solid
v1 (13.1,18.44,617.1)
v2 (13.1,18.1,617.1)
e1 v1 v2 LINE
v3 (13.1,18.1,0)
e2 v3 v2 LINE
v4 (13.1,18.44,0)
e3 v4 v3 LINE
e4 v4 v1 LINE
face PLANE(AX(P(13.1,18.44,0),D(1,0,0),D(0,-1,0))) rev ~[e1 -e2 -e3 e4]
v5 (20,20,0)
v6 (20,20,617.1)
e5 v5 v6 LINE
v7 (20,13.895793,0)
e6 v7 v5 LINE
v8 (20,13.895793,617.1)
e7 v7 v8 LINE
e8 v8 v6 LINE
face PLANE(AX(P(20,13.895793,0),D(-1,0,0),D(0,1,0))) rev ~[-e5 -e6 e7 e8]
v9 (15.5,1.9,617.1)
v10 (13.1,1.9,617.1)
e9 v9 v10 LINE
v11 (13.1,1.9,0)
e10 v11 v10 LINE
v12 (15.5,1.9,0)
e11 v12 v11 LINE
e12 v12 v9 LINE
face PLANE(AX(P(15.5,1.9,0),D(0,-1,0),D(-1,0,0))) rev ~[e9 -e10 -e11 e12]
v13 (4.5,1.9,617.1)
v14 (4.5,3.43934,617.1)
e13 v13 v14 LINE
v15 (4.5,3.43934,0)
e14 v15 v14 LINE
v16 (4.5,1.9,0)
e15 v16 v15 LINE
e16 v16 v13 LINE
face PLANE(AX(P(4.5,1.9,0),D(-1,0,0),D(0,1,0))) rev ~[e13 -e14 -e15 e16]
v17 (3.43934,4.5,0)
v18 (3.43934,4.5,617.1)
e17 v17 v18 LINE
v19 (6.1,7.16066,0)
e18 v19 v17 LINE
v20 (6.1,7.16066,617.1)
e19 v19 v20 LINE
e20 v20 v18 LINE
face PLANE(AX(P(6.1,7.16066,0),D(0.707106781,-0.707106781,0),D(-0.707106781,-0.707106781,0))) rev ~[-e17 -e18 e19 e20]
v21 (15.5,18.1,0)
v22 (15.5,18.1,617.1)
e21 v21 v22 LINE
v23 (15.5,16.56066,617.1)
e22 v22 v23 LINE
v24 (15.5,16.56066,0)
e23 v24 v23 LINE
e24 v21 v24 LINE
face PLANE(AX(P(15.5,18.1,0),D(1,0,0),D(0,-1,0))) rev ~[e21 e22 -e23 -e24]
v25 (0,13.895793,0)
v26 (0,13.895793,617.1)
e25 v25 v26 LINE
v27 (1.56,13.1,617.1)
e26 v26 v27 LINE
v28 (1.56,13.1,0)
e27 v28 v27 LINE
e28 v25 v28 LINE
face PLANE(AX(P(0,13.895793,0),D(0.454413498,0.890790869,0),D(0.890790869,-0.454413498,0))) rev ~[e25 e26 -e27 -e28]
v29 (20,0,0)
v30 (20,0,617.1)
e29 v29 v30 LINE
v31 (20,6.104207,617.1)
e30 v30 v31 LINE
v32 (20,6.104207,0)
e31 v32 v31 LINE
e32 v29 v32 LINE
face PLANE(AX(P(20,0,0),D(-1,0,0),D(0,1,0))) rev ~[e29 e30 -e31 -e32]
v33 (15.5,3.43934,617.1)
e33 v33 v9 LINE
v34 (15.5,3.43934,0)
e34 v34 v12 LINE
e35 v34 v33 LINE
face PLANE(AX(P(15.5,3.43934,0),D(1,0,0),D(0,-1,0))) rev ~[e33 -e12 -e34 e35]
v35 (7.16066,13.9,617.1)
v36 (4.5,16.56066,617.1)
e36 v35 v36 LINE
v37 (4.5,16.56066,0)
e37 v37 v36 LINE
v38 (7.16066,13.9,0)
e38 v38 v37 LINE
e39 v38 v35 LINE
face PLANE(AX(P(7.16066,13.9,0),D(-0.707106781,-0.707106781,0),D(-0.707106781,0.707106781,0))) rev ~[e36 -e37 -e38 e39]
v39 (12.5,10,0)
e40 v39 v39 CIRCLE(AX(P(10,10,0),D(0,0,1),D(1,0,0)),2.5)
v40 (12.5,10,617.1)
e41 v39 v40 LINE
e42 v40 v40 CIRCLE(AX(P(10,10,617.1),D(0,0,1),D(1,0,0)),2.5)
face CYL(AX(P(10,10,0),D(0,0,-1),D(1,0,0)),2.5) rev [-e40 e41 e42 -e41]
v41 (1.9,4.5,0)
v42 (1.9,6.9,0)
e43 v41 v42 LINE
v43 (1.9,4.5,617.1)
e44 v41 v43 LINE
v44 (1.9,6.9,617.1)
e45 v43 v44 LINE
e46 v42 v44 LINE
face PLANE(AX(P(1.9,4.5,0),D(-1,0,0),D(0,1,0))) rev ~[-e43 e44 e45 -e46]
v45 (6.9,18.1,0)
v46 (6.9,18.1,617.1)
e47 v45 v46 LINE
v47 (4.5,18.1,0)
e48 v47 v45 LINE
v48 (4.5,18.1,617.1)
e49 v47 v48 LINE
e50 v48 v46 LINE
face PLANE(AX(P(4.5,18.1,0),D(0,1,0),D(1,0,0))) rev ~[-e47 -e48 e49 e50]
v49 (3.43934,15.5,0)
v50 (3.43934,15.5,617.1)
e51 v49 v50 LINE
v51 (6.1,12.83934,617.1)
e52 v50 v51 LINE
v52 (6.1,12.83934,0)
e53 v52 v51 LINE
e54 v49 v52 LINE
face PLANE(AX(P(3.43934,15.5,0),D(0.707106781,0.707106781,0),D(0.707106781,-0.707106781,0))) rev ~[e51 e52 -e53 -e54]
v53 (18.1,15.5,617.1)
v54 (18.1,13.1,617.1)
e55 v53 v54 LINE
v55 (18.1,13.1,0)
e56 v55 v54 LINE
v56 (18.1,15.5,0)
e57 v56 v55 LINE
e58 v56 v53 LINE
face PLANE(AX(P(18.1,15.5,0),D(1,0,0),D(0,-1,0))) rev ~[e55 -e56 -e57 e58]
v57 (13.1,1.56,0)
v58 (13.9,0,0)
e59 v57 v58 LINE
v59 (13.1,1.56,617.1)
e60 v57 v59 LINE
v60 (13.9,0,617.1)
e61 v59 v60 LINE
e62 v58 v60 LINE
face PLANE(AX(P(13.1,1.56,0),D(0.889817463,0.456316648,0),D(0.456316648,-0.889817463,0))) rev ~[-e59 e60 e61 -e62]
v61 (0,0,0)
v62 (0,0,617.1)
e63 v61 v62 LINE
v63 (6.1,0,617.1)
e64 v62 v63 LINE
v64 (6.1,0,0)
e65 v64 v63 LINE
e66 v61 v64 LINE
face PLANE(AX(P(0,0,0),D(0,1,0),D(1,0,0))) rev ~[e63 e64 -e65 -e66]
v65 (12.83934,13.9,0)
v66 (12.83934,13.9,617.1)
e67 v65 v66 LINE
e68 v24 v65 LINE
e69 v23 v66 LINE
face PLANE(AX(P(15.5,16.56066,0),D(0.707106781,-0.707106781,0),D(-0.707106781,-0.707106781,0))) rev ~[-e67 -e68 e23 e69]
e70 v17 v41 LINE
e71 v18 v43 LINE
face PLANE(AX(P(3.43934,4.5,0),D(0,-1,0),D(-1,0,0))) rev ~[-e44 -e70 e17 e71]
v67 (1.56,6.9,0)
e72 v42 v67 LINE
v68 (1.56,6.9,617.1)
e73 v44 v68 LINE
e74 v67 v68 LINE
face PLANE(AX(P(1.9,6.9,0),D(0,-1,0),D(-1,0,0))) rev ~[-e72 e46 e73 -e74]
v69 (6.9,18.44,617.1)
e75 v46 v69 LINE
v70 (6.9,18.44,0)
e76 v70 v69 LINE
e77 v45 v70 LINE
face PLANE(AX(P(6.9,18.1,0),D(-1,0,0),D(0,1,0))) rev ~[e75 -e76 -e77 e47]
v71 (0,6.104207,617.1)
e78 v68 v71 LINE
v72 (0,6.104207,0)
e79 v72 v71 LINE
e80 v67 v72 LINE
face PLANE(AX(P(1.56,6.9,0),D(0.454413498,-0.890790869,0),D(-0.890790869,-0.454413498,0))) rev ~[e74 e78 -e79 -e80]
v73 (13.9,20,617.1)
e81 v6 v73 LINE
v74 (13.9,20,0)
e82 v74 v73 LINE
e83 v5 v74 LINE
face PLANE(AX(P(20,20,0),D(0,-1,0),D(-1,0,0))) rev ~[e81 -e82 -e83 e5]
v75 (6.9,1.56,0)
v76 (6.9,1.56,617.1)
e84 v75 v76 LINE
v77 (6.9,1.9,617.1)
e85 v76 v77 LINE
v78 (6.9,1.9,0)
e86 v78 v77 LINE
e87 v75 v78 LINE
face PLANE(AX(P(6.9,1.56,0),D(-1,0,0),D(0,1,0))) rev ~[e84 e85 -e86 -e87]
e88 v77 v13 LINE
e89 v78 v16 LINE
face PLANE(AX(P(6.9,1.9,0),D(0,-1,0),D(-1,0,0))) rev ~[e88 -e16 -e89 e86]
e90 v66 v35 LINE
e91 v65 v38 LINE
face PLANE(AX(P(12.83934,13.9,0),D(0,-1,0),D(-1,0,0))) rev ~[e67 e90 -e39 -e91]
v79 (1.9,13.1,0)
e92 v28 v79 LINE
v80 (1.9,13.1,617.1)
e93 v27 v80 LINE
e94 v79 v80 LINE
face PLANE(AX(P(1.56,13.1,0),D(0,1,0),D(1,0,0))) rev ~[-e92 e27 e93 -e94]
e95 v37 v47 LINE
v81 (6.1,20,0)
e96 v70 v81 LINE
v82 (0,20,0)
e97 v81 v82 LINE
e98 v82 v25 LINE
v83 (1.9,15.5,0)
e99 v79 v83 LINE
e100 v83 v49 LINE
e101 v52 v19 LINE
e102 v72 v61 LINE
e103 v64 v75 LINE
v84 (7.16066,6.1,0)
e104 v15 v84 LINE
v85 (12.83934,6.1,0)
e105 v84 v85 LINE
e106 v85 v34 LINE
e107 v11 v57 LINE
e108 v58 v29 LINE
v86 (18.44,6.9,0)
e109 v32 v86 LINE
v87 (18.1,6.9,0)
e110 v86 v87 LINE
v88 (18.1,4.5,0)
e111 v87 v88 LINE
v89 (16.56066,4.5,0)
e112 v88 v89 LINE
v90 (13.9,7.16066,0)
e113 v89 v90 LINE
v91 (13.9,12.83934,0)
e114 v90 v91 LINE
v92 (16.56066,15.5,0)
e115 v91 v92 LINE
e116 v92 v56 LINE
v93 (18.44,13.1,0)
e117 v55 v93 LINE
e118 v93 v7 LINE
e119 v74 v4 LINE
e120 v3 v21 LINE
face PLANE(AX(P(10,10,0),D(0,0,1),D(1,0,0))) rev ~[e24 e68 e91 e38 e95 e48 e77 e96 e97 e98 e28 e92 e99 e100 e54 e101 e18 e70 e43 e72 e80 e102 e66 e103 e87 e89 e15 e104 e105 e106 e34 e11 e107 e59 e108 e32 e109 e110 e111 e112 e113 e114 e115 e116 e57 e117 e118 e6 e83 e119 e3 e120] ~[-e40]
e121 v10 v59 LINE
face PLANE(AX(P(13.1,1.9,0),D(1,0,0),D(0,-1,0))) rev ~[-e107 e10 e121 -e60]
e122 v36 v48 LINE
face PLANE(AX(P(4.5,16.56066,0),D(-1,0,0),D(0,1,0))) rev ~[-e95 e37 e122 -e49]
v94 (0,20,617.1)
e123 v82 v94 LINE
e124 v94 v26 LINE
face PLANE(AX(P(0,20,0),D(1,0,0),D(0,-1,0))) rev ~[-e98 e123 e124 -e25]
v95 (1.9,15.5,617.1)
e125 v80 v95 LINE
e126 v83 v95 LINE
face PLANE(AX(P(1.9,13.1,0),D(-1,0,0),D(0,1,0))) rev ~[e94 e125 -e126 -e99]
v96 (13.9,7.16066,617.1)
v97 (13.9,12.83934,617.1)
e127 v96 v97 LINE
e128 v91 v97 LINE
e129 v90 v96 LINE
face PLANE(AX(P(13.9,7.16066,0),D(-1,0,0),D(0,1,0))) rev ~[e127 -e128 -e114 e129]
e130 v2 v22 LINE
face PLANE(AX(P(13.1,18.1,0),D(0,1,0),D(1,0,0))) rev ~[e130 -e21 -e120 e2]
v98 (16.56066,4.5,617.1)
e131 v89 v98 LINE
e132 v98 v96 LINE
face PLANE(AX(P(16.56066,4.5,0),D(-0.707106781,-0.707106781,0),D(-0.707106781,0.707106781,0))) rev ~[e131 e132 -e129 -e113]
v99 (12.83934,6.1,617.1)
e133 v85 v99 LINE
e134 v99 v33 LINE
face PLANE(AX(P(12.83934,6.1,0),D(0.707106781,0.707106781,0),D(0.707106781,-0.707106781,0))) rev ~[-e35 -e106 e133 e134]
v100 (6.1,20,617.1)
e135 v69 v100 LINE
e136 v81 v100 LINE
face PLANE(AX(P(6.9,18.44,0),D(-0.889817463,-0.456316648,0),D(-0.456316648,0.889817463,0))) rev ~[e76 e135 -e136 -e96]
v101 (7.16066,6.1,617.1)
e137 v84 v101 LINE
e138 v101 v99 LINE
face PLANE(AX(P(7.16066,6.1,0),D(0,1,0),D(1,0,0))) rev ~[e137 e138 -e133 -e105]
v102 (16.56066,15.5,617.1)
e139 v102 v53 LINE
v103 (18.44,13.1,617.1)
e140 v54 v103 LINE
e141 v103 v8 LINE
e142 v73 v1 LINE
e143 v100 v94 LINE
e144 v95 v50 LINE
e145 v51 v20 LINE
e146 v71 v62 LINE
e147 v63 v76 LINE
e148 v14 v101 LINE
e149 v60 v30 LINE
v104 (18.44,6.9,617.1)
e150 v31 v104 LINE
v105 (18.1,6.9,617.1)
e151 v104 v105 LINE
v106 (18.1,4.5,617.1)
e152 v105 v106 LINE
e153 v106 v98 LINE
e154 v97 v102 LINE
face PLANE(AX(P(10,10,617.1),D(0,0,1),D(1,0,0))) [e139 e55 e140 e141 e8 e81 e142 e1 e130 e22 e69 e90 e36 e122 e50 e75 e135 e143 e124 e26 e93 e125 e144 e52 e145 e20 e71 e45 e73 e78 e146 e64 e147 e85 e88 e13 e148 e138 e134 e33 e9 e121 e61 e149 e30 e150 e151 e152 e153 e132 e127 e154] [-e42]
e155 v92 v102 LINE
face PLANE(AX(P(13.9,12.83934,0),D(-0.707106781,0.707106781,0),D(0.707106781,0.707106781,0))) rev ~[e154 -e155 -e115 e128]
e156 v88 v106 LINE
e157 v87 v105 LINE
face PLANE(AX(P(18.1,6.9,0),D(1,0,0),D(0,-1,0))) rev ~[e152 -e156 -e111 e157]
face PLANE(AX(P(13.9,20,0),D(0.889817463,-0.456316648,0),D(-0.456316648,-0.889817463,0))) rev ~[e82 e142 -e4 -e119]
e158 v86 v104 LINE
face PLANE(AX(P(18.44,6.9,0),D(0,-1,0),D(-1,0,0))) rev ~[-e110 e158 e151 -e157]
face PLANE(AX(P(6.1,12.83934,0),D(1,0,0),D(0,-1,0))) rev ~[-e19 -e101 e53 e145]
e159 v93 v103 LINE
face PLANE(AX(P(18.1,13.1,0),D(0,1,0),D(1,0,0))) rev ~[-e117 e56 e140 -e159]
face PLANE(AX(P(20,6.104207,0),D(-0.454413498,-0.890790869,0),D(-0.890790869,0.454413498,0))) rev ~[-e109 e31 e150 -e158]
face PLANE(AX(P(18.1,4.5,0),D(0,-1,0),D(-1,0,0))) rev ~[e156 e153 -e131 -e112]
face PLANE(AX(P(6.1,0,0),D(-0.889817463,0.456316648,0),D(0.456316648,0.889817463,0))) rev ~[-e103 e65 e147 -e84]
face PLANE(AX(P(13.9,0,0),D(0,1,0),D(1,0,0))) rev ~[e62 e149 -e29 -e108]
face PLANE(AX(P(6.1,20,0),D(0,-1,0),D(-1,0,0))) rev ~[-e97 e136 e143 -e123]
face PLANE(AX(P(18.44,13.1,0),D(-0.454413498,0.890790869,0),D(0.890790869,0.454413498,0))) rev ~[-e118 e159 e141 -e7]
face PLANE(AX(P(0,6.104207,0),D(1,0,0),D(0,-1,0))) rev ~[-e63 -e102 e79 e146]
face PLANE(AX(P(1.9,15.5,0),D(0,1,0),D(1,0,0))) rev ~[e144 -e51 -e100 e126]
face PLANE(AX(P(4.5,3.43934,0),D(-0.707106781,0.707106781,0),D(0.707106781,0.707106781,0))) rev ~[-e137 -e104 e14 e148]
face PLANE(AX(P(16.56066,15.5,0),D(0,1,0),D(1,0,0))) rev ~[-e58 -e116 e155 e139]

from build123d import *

# Parameters (mm, degrees)
SKETCH1_R           = 2.5
BOSS_EXTRUDE1_DEPTH = 617.1


with BuildPart() as part:
    # Sketch1 → Boss-Extrude1 (new body)
    with BuildSketch(Plane.XY):
        Polygon((6.1, 20), (0, 20), (0, 13.895792909), (1.56, 13.1), (1.9, 13.1), (1.9, 15.5), (3.439339828, 15.5), (6.1, 12.839339828), (6.1, 7.160660172), (3.439339828, 4.5), (1.9, 4.5), (1.9, 6.9), (1.56, 6.9), (0, 6.104207091), (0, 0), (6.1, 0), (6.9, 1.56), (6.9, 1.9), (4.5, 1.9), (4.5, 3.439339828), (7.160660172, 6.1), (12.839339828, 6.1), (15.5, 3.439339828), (15.5, 1.9), (13.1, 1.9), (13.1, 1.56), (13.9, 0), (20, 0), (20, 6.104207091), (18.44, 6.9), (18.1, 6.9), (18.1, 4.5), (16.560660172, 4.5), (13.9, 7.160660172), (13.9, 12.839339828), (16.560660172, 15.5), (18.1, 15.5), (18.1, 13.1), (18.44, 13.1), (20, 13.895792909), (20, 20), (13.9, 20), (13.1, 18.44), (13.1, 18.1), (15.5, 18.1), (15.5, 16.560660172), (12.839339828, 13.9), (7.160660172, 13.9), (4.5, 16.560660172), (4.5, 18.1), (6.9, 18.1), (6.9, 18.44), align=None)
        with Locations((10, 10)):
            Circle(SKETCH1_R, mode=Mode.SUBTRACT)
    extrude(amount=BOSS_EXTRUDE1_DEPTH)


solid = part.part
